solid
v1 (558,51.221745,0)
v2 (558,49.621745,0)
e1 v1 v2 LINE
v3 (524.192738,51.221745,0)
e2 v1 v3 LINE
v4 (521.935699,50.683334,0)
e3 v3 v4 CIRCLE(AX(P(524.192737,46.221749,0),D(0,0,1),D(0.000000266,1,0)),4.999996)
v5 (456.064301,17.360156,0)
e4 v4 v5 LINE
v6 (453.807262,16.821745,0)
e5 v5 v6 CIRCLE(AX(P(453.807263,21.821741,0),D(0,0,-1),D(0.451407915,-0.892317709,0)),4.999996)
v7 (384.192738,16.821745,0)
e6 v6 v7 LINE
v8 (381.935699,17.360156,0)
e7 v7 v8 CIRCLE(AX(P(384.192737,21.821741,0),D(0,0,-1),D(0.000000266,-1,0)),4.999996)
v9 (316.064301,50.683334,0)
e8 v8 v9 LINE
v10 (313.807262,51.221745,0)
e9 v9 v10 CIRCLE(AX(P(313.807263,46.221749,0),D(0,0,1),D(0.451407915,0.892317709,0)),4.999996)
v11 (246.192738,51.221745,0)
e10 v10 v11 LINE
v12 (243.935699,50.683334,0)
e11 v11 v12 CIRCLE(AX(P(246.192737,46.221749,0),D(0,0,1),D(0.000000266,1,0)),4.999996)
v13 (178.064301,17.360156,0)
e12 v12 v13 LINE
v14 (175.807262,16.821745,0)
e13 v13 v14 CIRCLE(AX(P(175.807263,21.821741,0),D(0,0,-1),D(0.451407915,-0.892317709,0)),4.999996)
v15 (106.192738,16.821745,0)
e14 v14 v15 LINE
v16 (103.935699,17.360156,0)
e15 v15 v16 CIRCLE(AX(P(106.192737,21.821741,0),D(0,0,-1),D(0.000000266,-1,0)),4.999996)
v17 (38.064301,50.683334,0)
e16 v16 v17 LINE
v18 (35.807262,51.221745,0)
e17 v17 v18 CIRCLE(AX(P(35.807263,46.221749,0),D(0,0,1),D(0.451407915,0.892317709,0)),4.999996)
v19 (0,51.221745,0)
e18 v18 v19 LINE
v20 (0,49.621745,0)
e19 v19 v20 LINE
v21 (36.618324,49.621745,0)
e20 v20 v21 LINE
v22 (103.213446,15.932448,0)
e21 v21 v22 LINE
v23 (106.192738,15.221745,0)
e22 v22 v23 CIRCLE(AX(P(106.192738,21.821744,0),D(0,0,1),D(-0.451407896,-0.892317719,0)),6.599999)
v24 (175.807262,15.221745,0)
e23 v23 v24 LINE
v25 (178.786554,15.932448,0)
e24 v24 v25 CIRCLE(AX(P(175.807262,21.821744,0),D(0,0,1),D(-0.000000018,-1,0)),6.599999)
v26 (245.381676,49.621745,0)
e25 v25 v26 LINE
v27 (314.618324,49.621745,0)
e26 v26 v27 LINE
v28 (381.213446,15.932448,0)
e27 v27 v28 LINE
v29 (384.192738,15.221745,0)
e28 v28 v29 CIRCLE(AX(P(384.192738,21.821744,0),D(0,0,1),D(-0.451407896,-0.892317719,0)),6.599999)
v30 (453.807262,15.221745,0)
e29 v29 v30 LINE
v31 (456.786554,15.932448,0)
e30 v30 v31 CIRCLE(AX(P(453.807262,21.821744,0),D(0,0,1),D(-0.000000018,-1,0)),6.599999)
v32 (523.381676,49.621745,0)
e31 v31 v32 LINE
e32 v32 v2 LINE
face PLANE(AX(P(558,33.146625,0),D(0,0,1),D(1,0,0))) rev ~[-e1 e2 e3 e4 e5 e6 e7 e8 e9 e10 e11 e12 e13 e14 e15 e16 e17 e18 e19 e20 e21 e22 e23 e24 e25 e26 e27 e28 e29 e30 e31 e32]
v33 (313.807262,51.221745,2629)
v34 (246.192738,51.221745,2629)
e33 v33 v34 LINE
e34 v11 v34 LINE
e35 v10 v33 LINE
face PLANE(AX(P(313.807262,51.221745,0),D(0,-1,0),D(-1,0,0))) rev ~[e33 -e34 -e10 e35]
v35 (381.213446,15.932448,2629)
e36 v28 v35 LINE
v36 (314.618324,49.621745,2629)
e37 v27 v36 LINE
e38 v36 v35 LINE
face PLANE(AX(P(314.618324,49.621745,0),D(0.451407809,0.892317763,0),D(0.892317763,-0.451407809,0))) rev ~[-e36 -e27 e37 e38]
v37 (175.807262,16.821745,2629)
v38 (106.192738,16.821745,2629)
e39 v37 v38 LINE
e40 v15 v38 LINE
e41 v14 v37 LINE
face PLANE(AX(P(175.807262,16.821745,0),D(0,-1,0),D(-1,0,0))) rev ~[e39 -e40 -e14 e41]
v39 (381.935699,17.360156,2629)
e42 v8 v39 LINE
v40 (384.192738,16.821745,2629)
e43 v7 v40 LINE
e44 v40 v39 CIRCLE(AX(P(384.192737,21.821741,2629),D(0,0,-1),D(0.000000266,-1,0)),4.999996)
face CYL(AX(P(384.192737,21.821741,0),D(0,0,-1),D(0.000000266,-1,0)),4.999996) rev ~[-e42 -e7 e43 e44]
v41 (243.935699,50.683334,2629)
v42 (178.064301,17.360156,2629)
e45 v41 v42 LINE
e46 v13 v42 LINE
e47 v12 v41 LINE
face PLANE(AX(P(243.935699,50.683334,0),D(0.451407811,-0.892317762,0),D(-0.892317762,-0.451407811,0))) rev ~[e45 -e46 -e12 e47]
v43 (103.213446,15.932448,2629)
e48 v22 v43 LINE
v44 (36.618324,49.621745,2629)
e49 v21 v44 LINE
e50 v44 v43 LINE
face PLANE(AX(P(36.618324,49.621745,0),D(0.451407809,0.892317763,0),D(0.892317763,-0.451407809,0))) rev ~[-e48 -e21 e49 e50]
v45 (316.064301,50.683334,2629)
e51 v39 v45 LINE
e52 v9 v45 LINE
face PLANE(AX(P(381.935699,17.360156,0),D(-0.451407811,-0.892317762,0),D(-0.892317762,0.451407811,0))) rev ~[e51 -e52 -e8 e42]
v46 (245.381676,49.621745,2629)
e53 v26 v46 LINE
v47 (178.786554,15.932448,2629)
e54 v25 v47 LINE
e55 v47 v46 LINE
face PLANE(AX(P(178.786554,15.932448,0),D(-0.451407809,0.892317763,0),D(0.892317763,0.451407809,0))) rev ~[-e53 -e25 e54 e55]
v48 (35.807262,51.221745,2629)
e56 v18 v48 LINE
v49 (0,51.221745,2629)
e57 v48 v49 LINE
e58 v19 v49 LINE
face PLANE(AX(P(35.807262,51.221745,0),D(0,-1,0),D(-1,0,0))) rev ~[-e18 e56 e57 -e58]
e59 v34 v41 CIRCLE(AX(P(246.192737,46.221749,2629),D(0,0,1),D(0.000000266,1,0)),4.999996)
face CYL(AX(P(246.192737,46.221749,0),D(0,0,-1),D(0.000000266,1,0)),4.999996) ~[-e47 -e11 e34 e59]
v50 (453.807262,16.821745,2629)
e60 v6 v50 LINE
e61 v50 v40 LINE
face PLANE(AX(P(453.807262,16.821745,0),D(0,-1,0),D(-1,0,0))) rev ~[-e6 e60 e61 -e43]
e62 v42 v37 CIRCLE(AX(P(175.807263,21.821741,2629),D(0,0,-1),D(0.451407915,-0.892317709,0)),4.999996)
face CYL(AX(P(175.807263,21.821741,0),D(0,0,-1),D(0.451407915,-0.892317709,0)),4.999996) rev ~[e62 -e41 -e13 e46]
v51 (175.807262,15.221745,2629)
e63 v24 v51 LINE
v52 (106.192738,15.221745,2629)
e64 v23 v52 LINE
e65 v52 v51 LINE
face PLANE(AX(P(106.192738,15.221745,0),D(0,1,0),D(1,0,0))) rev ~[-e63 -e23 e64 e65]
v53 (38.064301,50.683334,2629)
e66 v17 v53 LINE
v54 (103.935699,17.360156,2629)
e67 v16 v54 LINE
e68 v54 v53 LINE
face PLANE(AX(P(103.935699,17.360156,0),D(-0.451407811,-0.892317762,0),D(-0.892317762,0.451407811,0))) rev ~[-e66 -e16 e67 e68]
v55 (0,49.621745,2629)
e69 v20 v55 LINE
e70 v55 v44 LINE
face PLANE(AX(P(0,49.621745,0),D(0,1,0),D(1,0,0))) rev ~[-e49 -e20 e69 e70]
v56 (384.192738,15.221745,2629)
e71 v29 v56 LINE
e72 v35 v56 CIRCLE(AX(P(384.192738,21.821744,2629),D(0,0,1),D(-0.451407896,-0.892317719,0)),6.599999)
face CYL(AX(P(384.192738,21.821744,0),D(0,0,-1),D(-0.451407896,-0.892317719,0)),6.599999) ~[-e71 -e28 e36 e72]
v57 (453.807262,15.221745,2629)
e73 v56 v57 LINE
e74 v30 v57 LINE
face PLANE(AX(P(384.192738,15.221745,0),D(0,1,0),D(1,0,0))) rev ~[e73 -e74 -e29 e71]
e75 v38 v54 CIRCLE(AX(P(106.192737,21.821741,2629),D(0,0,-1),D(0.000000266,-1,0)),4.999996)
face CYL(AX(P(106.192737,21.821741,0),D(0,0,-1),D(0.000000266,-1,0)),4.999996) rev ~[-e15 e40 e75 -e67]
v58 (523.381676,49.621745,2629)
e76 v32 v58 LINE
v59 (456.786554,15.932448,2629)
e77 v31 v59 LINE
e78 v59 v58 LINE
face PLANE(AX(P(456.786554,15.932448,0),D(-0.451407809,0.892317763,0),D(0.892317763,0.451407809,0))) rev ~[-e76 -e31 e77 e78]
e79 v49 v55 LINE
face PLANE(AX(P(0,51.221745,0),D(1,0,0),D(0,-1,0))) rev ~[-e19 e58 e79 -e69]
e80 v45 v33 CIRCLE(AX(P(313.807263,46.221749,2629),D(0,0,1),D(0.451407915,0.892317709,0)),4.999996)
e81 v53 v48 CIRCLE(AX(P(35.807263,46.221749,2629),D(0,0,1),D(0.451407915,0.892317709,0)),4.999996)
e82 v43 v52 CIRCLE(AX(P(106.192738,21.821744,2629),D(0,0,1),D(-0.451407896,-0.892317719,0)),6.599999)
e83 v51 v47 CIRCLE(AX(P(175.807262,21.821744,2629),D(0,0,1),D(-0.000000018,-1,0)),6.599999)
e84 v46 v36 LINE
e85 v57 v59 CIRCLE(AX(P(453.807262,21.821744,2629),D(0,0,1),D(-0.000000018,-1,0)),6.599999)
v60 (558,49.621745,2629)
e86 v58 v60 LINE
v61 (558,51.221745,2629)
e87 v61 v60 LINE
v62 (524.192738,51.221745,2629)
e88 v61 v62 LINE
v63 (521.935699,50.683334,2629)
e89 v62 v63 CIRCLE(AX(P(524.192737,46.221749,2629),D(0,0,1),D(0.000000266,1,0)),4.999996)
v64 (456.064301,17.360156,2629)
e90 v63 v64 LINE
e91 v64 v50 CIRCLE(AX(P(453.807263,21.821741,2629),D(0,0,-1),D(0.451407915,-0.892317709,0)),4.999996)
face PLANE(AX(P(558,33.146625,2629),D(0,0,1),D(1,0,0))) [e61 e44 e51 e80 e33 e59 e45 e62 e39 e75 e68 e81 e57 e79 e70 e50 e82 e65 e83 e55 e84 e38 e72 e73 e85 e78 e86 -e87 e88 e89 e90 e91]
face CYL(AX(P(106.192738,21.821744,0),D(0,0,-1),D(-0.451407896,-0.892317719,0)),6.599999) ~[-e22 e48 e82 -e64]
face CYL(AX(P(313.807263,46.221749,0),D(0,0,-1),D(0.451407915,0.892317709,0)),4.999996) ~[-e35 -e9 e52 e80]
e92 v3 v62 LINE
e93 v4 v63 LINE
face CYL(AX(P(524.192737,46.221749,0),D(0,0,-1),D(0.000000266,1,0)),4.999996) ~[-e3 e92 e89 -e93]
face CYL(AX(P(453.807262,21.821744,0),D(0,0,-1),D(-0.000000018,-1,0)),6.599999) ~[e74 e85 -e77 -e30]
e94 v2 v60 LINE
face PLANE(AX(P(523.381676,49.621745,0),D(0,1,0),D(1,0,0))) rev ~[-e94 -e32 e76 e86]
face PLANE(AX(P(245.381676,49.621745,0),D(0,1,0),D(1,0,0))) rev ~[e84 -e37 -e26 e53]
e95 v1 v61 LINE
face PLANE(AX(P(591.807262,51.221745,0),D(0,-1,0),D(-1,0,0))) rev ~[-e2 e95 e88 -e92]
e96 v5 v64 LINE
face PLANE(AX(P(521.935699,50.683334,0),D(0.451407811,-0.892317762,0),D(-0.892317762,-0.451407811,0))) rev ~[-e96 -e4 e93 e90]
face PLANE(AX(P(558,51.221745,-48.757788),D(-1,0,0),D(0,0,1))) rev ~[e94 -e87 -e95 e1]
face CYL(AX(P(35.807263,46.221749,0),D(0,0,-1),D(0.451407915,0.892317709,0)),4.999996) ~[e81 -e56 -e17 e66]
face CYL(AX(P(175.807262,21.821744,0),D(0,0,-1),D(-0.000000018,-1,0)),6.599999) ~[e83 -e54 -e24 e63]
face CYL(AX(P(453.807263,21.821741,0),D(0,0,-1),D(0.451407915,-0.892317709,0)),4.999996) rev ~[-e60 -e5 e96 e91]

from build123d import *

# Parameters (mm, degrees)
F1_DEPTH = 2629
F2_W     = 721.211998
F2_H     = 2677.757788
F3_DEPTH = 36.001


with BuildPart() as f1:
    # F0 (on Top) → F1 (new body)
    with BuildSketch(Plane.XY):
        with BuildLine():
            ThreePointArc((103.213446, 15.932448), (104.661294, 15.401879), (106.192738, 15.221745))
            Line((106.192738, 15.221745), (175.807262, 15.221745))
            ThreePointArc((175.807262, 15.221745), (177.338706, 15.401879), (178.786554, 15.932448))
            Line((178.786554, 15.932448), (245.381676, 49.621745))
            Line((245.381676, 49.621745), (314.618324, 49.621745))
            Line((314.618324, 49.621745), (381.213446, 15.932448))
            ThreePointArc((381.213446, 15.932448), (382.661294, 15.401879), (384.192738, 15.221745))
            Line((384.192738, 15.221745), (453.807262, 15.221745))
            ThreePointArc((453.807262, 15.221745), (455.338706, 15.401879), (456.786554, 15.932448))
            Line((456.786554, 15.932448), (523.381676, 49.621745))
            Line((523.381676, 49.621745), (592.618324, 49.621745))
            Line((592.618324, 49.621745), (659.213446, 15.932448))
            ThreePointArc((659.213446, 15.932448), (660.661294, 15.401879), (662.192738, 15.221745))
            Line((662.192738, 15.221745), (731.807262, 15.221745))
            ThreePointArc((731.807262, 15.221745), (733.338706, 15.401879), (734.786554, 15.932448))
            Line((734.786554, 15.932448), (801.381676, 49.621745))
            Line((801.381676, 49.621745), (870.618324, 49.621745))
            Line((870.618324, 49.621745), (937.213446, 15.932448))
            ThreePointArc((937.213446, 15.932448), (938.661294, 15.401879), (940.192738, 15.221745))
            Line((940.192738, 15.221745), (1009.807262, 15.221745))
            ThreePointArc((1009.807262, 15.221745), (1011.338706, 15.401879), (1012.786554, 15.932448))
            Line((1012.786554, 15.932448), (1079.381676, 49.621745))
            Line((1079.381676, 49.621745), (1116, 49.621745))
            Line((1116, 49.621745), (1116, 51.221745))
            Line((1116, 51.221745), (1080.192738, 51.221745))
            ThreePointArc((1080.192738, 51.221745), (1079.032553, 51.08528), (1077.935699, 50.683334))
            Line((1077.935699, 50.683334), (1012.064301, 17.360156))
            ThreePointArc((1012.064301, 17.360156), (1010.967447, 16.95821), (1009.807262, 16.821745))
            Line((1009.807262, 16.821745), (940.192738, 16.821745))
            ThreePointArc((940.192738, 16.821745), (939.032553, 16.95821), (937.935699, 17.360156))
            Line((937.935699, 17.360156), (872.064301, 50.683334))
            ThreePointArc((872.064301, 50.683334), (870.967447, 51.08528), (869.807262, 51.221745))
            Line((869.807262, 51.221745), (802.192738, 51.221745))
            ThreePointArc((802.192738, 51.221745), (801.032553, 51.08528), (799.935699, 50.683334))
            Line((799.935699, 50.683334), (734.064301, 17.360156))
            ThreePointArc((734.064301, 17.360156), (732.967447, 16.95821), (731.807262, 16.821745))
            Line((731.807262, 16.821745), (662.192738, 16.821745))
            ThreePointArc((662.192738, 16.821745), (661.032553, 16.95821), (659.935699, 17.360156))
            Line((659.935699, 17.360156), (594.064301, 50.683334))
            ThreePointArc((594.064301, 50.683334), (592.967447, 51.08528), (591.807262, 51.221745))
            Line((591.807262, 51.221745), (524.192738, 51.221745))
            ThreePointArc((524.192738, 51.221745), (523.032553, 51.08528), (521.935699, 50.683334))
            Line((521.935699, 50.683334), (456.064301, 17.360156))
            ThreePointArc((456.064301, 17.360156), (454.967447, 16.95821), (453.807262, 16.821745))
            Line((453.807262, 16.821745), (384.192738, 16.821745))
            ThreePointArc((384.192738, 16.821745), (383.032553, 16.95821), (381.935699, 17.360156))
            Line((381.935699, 17.360156), (316.064301, 50.683334))
            ThreePointArc((316.064301, 50.683334), (314.967447, 51.08528), (313.807262, 51.221745))
            Line((313.807262, 51.221745), (246.192738, 51.221745))
            ThreePointArc((246.192738, 51.221745), (245.032553, 51.08528), (243.935699, 50.683334))
            Line((243.935699, 50.683334), (178.064301, 17.360156))
            ThreePointArc((178.064301, 17.360156), (176.967447, 16.95821), (175.807262, 16.821745))
            Line((175.807262, 16.821745), (106.192738, 16.821745))
            ThreePointArc((106.192738, 16.821745), (105.032553, 16.95821), (103.935699, 17.360156))
            Line((103.935699, 17.360156), (38.064301, 50.683334))
            ThreePointArc((38.064301, 50.683334), (36.967447, 51.08528), (35.807262, 51.221745))
            Line((35.807262, 51.221745), (0, 51.221745))
            Line((0, 51.221745), (0, 49.621745))
            Line((0, 49.621745), (36.618324, 49.621745))
            Line((36.618324, 49.621745), (103.213446, 15.932448))
        make_face()
    extrude(amount=F1_DEPTH)

    # F2 (on face) → F3 (cut, through all)
    with BuildSketch(Plane(origin=(0, 51.221745, 0), x_dir=(-1, 0, 0), z_dir=(0, 1, 0))):
        with Locations((-918.605999, 1290.121106)):
            Rectangle(F2_W, F2_H)
    extrude(amount=-F3_DEPTH, mode=Mode.SUBTRACT)


solid = f1.part
